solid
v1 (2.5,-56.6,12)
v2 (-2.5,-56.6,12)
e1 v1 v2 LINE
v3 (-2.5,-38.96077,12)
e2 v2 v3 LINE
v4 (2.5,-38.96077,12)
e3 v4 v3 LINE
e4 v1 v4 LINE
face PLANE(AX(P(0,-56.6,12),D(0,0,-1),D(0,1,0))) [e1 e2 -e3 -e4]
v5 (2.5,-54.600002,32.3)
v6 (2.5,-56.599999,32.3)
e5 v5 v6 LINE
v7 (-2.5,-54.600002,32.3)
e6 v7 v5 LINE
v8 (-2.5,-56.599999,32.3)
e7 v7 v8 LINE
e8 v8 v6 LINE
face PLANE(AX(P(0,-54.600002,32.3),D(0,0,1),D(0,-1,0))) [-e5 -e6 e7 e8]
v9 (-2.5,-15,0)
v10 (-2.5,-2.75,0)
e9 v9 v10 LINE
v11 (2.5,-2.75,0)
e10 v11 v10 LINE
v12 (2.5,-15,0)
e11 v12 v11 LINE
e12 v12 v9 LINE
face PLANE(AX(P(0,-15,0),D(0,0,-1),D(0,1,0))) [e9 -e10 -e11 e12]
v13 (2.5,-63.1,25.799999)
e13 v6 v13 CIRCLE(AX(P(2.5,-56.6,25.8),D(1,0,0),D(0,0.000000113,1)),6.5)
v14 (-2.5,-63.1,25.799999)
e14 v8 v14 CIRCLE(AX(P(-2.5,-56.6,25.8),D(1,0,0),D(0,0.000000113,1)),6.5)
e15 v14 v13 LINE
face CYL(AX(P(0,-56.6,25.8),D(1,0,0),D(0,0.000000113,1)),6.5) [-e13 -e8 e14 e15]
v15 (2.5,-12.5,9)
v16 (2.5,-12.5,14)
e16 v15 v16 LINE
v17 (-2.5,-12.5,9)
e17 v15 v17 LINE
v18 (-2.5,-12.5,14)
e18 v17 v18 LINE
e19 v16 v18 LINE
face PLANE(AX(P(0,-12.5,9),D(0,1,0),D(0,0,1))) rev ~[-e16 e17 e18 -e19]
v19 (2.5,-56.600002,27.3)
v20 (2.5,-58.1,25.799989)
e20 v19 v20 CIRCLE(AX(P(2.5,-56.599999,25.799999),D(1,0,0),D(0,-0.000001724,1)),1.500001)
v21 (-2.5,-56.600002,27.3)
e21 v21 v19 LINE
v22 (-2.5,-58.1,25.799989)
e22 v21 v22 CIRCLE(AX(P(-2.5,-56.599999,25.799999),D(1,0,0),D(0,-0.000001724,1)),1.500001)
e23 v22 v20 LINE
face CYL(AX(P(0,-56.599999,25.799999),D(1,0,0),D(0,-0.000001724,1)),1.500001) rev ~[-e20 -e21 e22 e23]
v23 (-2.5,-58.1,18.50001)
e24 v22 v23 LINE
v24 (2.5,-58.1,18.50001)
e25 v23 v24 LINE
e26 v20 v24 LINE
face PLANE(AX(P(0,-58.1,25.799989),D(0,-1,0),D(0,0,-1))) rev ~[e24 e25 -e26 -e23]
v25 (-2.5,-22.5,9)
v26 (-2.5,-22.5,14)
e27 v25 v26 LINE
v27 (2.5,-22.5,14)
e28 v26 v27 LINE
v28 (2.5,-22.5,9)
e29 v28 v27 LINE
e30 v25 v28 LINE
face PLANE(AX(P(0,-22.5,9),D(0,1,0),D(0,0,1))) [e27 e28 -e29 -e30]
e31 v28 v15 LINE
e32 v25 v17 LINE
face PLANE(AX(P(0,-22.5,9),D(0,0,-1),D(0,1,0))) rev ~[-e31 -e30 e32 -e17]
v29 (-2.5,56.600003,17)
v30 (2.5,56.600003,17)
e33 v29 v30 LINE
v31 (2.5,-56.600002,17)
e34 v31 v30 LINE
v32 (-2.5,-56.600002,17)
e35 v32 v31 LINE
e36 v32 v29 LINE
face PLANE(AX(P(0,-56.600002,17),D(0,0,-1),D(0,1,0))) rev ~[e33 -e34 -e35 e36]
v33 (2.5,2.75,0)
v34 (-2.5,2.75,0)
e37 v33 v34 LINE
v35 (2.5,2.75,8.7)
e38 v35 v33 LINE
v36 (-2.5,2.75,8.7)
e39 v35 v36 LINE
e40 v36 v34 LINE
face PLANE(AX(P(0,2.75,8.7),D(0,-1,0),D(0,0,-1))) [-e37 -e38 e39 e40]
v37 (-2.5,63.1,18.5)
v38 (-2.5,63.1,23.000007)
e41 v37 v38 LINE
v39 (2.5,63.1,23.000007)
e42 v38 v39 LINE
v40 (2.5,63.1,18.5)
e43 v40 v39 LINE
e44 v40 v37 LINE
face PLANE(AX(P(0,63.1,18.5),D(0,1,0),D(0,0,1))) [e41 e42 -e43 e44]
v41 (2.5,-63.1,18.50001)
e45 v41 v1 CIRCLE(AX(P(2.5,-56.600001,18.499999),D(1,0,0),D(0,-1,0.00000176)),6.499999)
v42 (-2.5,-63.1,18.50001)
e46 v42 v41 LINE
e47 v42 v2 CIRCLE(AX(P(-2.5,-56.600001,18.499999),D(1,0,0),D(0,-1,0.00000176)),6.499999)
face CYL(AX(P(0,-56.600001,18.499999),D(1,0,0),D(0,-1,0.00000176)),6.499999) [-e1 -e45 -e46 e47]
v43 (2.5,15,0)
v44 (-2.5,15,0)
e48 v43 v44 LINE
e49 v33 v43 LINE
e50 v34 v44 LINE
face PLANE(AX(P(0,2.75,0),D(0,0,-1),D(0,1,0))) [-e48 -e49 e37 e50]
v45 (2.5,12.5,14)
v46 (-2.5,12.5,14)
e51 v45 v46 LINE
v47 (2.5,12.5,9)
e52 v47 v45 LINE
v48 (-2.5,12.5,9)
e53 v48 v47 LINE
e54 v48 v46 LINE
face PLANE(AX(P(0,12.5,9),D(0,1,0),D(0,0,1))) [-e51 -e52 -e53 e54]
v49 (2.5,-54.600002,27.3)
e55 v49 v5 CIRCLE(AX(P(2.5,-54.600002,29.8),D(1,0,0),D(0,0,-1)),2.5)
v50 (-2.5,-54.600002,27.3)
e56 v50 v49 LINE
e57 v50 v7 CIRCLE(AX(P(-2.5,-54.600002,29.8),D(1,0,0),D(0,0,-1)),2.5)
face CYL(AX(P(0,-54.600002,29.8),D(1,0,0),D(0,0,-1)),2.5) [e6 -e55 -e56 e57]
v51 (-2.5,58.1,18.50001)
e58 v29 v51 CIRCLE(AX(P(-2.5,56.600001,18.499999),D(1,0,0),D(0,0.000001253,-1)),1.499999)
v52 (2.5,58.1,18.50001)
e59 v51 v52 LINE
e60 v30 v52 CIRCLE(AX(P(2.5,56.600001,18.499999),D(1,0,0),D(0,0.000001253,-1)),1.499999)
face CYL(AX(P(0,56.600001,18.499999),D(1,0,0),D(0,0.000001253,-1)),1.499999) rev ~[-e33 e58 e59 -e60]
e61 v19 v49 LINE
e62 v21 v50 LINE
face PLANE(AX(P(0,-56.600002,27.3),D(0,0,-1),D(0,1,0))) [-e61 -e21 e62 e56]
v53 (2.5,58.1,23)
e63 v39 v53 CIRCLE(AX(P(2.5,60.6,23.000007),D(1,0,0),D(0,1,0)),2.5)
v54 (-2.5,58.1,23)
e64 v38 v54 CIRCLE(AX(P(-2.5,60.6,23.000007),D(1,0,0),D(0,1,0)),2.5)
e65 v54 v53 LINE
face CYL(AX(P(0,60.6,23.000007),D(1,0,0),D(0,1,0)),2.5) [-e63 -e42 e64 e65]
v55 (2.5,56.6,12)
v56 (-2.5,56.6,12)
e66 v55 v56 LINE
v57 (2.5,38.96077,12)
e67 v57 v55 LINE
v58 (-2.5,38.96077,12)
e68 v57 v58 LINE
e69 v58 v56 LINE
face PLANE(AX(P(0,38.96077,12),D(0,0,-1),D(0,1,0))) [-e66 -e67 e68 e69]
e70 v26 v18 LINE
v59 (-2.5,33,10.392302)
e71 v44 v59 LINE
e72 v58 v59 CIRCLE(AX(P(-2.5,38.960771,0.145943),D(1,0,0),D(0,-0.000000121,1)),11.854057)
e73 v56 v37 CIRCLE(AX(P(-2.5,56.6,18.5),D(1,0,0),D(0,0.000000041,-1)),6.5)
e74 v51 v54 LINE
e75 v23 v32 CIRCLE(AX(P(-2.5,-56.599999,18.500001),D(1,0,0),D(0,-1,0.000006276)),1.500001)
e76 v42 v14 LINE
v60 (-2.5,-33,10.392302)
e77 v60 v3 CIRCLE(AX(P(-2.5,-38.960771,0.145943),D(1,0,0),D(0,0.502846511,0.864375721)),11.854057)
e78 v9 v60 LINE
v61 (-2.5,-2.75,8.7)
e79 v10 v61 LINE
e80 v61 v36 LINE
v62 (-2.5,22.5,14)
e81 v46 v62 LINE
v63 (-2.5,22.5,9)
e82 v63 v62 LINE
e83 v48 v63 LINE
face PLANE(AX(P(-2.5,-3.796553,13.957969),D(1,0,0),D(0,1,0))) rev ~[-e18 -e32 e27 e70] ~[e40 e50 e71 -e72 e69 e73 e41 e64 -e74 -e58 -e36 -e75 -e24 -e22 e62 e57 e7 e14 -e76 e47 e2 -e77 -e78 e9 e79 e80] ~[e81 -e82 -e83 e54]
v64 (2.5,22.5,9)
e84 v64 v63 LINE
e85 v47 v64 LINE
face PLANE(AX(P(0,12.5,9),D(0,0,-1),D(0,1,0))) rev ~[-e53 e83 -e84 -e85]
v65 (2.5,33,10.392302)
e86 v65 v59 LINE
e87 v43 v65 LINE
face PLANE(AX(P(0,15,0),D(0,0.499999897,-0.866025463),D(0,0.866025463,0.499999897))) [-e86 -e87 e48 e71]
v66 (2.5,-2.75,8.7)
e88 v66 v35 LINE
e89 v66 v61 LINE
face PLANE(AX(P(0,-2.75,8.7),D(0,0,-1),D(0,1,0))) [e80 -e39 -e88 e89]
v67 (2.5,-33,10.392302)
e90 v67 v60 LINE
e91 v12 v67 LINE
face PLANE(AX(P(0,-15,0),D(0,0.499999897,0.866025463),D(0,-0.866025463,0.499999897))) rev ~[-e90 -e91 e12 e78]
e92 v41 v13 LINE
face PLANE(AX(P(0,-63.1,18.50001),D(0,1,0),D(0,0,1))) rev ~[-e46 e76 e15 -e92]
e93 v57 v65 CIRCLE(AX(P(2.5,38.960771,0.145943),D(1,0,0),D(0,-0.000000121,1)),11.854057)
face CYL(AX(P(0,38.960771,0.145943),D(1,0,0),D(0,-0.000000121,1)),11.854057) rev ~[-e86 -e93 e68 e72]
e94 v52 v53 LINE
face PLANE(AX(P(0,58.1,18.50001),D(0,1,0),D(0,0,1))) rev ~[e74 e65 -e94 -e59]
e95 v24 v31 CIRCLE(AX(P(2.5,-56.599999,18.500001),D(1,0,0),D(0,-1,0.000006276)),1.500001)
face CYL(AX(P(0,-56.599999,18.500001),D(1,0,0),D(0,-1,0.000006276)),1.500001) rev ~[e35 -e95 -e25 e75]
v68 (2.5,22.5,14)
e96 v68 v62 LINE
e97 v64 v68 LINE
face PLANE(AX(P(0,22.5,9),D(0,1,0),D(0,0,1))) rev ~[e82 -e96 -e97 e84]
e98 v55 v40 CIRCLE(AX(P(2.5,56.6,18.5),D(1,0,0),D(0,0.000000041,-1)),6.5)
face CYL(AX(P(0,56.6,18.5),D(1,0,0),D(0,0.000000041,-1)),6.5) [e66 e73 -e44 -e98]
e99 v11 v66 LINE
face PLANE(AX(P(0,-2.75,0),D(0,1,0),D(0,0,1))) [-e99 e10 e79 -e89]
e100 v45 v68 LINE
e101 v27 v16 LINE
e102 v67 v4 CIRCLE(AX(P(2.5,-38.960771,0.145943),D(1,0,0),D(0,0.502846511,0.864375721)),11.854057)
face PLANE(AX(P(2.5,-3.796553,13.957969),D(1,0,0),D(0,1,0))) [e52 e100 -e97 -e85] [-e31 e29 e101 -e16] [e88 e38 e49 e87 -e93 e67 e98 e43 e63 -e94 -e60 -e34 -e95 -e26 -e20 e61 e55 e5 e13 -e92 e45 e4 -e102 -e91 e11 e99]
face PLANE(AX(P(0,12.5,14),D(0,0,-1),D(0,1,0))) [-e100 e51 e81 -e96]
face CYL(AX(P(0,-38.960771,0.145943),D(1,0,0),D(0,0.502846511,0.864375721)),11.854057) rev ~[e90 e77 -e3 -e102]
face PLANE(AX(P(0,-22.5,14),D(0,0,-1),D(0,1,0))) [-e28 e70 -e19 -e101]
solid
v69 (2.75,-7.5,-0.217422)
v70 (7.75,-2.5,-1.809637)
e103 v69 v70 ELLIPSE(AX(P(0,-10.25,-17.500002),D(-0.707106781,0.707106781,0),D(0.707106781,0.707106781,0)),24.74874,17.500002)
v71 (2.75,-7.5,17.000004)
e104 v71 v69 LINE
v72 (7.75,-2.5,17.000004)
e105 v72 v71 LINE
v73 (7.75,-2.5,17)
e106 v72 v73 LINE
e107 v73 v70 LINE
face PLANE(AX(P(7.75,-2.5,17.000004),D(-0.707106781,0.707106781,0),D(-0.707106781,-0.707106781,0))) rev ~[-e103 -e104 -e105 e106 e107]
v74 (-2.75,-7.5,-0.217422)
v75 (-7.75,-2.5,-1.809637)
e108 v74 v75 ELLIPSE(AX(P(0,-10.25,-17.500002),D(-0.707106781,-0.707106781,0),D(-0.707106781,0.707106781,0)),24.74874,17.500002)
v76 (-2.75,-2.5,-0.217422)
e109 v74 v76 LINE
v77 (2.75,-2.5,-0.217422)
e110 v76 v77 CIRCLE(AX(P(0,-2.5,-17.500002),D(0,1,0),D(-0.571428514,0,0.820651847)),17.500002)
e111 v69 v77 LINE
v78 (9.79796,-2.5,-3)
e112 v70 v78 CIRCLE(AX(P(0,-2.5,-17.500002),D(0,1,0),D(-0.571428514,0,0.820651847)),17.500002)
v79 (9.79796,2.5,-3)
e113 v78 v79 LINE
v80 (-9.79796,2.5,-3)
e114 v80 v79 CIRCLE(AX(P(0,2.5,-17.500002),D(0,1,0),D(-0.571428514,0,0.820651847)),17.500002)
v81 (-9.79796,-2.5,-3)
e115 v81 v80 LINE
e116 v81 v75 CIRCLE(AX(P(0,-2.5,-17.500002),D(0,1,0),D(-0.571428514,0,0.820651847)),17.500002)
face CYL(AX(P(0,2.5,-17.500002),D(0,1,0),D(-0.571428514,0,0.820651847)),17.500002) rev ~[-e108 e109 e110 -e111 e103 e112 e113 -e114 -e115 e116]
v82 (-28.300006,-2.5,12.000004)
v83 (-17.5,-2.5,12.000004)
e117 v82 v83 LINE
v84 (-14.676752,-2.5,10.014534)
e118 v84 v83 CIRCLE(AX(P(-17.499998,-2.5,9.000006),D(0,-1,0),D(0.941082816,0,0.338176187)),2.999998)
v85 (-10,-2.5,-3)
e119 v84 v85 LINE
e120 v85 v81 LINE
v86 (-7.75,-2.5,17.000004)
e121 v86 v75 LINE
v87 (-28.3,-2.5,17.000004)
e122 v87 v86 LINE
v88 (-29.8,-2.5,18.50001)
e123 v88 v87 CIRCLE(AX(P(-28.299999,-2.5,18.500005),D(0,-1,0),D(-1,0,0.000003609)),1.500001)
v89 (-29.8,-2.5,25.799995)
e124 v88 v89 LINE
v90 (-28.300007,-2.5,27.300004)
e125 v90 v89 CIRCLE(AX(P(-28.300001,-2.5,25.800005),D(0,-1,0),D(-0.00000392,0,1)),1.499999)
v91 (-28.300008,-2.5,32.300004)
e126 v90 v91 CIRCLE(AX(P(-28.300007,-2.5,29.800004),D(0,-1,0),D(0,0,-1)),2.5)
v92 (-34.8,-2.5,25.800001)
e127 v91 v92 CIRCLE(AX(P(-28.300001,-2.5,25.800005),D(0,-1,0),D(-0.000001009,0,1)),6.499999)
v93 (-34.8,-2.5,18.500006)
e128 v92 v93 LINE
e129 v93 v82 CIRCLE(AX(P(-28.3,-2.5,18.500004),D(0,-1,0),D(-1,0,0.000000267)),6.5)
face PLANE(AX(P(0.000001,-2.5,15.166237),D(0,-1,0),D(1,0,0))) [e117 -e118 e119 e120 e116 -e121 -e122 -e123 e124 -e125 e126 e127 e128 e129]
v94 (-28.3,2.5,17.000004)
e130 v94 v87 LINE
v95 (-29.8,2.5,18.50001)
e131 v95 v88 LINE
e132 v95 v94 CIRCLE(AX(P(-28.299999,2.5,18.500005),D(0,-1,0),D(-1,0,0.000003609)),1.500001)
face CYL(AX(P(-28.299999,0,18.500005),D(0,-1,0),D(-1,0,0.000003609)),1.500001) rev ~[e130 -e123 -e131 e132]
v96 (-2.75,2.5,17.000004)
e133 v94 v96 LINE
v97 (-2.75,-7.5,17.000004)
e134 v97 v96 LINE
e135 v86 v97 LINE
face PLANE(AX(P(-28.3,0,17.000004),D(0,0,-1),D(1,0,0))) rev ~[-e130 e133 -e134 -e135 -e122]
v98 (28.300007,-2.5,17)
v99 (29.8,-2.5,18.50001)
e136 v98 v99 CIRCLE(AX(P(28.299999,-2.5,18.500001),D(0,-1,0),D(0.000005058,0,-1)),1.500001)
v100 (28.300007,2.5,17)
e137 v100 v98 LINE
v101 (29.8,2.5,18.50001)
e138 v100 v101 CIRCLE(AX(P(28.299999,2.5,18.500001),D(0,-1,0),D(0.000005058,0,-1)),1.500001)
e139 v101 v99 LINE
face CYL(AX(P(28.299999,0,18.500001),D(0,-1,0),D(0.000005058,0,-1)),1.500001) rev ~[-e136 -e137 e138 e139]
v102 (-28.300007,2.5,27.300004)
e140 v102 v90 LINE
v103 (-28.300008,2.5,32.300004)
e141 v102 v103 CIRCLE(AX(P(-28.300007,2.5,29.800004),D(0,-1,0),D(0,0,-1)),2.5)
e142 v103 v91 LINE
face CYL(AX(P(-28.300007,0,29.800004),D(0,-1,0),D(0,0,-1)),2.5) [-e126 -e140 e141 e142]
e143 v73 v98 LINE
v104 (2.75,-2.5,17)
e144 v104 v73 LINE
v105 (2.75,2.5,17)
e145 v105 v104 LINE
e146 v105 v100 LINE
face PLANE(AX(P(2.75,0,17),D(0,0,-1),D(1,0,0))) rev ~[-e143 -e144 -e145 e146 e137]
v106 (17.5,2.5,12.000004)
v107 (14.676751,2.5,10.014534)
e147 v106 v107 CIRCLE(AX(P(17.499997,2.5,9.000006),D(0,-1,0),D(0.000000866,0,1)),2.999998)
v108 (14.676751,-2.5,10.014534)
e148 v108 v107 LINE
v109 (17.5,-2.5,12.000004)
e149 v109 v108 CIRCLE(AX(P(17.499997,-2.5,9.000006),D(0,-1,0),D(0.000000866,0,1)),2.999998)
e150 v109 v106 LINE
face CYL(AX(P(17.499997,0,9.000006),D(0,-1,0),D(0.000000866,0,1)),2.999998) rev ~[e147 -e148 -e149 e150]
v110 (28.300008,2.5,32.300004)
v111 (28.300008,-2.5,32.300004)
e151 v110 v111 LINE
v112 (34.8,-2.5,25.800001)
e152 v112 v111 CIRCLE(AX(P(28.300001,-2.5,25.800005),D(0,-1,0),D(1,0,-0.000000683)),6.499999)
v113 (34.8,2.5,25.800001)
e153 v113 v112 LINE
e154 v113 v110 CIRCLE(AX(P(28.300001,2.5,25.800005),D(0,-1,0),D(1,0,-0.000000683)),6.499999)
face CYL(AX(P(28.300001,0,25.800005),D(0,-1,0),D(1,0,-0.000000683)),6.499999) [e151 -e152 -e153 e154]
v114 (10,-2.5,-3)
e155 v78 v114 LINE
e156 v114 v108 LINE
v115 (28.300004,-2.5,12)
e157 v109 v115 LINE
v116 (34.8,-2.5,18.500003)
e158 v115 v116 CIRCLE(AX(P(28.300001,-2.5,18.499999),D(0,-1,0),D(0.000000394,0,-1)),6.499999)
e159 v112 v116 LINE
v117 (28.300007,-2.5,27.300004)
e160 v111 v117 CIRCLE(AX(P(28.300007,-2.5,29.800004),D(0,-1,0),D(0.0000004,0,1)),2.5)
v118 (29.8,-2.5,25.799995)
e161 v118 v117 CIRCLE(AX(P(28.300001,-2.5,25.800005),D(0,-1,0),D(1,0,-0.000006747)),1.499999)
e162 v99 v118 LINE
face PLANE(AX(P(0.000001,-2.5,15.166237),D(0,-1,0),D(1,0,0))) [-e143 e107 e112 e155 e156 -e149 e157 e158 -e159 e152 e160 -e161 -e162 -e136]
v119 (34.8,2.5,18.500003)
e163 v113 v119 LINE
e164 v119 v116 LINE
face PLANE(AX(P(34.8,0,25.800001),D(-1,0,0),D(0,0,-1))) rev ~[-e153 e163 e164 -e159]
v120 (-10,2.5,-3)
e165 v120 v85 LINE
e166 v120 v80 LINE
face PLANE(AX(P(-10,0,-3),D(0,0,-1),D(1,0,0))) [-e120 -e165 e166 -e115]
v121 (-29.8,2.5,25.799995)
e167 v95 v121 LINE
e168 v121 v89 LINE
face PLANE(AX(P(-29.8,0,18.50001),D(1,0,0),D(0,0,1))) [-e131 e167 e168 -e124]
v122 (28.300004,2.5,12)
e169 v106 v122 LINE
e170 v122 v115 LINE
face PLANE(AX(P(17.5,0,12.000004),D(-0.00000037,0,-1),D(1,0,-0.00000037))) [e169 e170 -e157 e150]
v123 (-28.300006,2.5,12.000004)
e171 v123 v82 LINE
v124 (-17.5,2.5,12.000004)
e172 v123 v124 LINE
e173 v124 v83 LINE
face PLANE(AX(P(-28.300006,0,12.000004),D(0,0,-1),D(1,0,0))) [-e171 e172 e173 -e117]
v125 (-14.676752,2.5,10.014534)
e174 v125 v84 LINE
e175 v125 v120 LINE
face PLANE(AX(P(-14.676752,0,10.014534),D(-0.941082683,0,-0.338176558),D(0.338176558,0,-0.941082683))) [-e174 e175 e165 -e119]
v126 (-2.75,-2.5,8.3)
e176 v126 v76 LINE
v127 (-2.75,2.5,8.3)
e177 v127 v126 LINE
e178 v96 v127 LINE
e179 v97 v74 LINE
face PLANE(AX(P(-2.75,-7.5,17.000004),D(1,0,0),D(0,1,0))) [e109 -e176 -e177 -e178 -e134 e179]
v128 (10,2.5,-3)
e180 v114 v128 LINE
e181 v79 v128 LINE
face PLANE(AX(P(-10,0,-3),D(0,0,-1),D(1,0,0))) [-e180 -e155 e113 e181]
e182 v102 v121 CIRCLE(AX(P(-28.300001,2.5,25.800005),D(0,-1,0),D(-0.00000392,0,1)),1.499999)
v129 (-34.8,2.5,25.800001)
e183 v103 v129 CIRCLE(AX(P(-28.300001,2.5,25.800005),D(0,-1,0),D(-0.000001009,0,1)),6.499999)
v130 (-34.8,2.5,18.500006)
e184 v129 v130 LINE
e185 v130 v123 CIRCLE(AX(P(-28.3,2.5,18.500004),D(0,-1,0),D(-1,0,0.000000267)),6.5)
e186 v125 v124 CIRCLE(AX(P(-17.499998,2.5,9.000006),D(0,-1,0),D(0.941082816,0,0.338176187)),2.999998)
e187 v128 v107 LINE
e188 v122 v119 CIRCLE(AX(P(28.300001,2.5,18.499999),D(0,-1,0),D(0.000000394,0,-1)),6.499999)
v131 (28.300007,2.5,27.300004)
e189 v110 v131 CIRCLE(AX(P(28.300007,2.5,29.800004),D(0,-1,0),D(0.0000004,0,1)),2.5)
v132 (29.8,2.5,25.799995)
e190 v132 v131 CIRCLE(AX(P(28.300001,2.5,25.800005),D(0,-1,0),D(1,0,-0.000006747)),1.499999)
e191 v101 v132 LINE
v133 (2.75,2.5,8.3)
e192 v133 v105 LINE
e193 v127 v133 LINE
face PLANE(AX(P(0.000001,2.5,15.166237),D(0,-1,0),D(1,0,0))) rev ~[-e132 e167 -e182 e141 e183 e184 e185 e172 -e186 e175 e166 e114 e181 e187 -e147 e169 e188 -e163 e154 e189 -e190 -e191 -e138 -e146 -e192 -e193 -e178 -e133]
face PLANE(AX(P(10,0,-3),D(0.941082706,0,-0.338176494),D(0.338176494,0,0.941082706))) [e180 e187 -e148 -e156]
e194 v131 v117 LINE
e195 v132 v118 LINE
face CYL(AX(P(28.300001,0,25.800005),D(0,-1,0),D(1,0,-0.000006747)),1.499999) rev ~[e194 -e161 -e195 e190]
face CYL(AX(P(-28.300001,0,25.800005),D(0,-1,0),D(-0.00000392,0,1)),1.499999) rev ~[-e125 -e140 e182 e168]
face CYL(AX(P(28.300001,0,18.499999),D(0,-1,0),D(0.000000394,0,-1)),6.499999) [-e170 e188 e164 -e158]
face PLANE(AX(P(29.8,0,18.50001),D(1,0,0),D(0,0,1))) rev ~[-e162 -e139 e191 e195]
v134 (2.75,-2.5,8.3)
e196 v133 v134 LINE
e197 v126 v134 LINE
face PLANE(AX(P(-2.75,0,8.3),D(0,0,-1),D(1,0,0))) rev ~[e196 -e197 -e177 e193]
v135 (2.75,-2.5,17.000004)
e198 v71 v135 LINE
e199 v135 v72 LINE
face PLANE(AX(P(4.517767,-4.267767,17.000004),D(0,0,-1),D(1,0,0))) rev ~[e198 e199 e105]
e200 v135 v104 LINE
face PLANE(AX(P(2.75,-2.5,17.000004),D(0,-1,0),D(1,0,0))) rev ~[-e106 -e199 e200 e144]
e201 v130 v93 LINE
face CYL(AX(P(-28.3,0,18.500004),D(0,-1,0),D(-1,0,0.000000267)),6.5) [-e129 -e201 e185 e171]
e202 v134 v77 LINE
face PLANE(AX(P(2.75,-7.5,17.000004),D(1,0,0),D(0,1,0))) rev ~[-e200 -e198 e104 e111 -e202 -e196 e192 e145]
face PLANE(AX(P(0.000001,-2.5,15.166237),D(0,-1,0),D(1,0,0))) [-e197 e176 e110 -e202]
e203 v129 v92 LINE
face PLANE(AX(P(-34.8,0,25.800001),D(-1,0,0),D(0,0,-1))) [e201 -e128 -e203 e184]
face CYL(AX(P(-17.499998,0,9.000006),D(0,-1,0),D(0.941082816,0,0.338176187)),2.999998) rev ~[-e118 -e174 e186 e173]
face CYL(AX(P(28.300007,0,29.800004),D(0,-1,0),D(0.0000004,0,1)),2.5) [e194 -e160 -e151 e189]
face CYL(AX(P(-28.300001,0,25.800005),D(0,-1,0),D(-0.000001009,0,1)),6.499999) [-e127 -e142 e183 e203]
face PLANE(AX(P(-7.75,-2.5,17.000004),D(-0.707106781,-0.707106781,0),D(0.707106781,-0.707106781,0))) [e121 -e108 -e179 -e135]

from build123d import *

# Parameters (mm, degrees)
SKETCH_W     = 10
SKETCH_H     = 5
PAD_DEPTH    = 2.5
PAD001_DEPTH = 2.5
PAD002_DEPTH = 20
POCKET_DEPTH = 10


with BuildPart() as vertical:
    # Sketch → Pad (new body, symmetric)
    with BuildSketch(Plane.YZ):
        with BuildLine():
            Line((63.1, 18.5), (63.1, 23.000007))
            ThreePointArc((63.1, 23.000007), (60.599997, 25.500007), (58.1, 23))
            Line((58.1, 18.50001), (58.1, 23))
            ThreePointArc((56.600003, 17), (57.660665, 17.439344), (58.1, 18.50001))
            Line((-56.600002, 17), (56.600003, 17))
            ThreePointArc((-58.1, 18.50001), (-57.660664, 17.439344), (-56.600002, 17))
            Line((-58.1, 25.799989), (-58.1, 18.50001))
            ThreePointArc((-56.600002, 27.3), (-57.660665, 26.860655), (-58.1, 25.799989))
            Line((-56.600002, 27.3), (-54.600002, 27.3))
            ThreePointArc((-54.600002, 27.3), (-52.100002, 29.8), (-54.600002, 32.3))
            Line((-54.600002, 32.3), (-56.599999, 32.3))
            ThreePointArc((-56.599999, 32.3), (-61.196194, 30.396194), (-63.1, 25.799999))
            Line((-63.1, 18.50001), (-63.1, 25.799999))
            ThreePointArc((-63.1, 18.50001), (-61.196198, 13.903809), (-56.6, 12))
            Line((-56.6, 12), (-38.96077, 12))
            ThreePointArc((-33, 10.392302), (-35.873883, 11.59102), (-38.96077, 12))
            Line((-15, 0), (-33, 10.392302))
            Line((-15, 0), (-2.75, 0))
            Line((-2.75, 0), (-2.75, 8.7))
            Line((-2.75, 8.7), (2.75, 8.7))
            Line((2.75, 8.7), (2.75, 0))
            Line((2.75, 0), (15, 0))
            Line((15, 0), (33, 10.392302))
            ThreePointArc((38.96077, 12), (35.873883, 11.59102), (33, 10.392302))
            Line((38.96077, 12), (56.6, 12))
            ThreePointArc((56.6, 12), (61.196194, 13.903806), (63.1, 18.5))
        make_face()
        with Locations((-17.5, 11.5)):
            Rectangle(SKETCH_W, SKETCH_H, mode=Mode.SUBTRACT)
        with Locations((17.5, 11.5)):
            Rectangle(SKETCH_W, SKETCH_H, mode=Mode.SUBTRACT)
    extrude(amount=PAD_DEPTH, both=True)


with BuildPart() as fusion:
    # Sketch001 → Pad001 (new body, symmetric)
    with BuildSketch(Plane.XZ):
        with BuildLine():
            Line((17.5, 12.000004), (28.300004, 12))
            ThreePointArc((28.300004, 12), (32.896197, 13.903808), (34.8, 18.500003))
            Line((34.8, 25.800001), (34.8, 18.500003))
            ThreePointArc((34.8, 25.800001), (32.896198, 30.396195), (28.300008, 32.300004))
            ThreePointArc((28.300008, 32.300004), (25.800007, 29.800005), (28.300007, 27.300004))
            ThreePointArc((29.8, 25.799995), (29.360666, 26.860659), (28.300007, 27.300004))
            Line((29.8, 18.50001), (29.8, 25.799995))
            ThreePointArc((28.300007, 17), (29.360666, 17.439346), (29.8, 18.50001))
            Line((2.75, 17), (28.300007, 17))
            Line((2.75, 8.3), (2.75, 17))
            Line((-2.75, 8.3), (2.75, 8.3))
            Line((-2.75, 17.000004), (-2.75, 8.3))
            Line((-28.3, 17.000004), (-2.75, 17.000004))
            ThreePointArc((-29.8, 18.50001), (-29.360662, 17.439346), (-28.3, 17.000004))
            Line((-29.8, 18.50001), (-29.8, 25.799995))
            ThreePointArc((-28.300007, 27.300004), (-29.360666, 26.860659), (-29.8, 25.799995))
            ThreePointArc((-28.300007, 27.300004), (-25.800007, 29.800005), (-28.300008, 32.300004))
            ThreePointArc((-28.300008, 32.300004), (-32.896198, 30.396195), (-34.8, 25.800001))
            Line((-34.8, 25.800001), (-34.8, 18.500006))
            ThreePointArc((-34.8, 18.500006), (-32.896197, 13.903813), (-28.300006, 12.000004))
            Line((-28.300006, 12.000004), (-17.5, 12.000004))
            ThreePointArc((-14.676752, 10.014534), (-15.774252, 11.453939), (-17.5, 12.000004))
            Line((-14.676752, 10.014534), (-10, -3))
            Line((-10, -3), (10, -3))
            Line((10, -3), (14.676751, 10.014534))
            ThreePointArc((17.5, 12.000004), (15.774251, 11.453939), (14.676751, 10.014534))
        make_face()
    extrude(amount=PAD001_DEPTH, both=True)

    # Sketch002 → Pad002 (new body)
    with BuildSketch(Plane(origin=(0, 0, 17.000004), x_dir=(-1, 0, 0), z_dir=(0, 0, 1))):
        Polygon((-7.75, 2.5), (-2.75, 7.5), (-2.75, 2.5), align=None)
        Polygon((2.75, 7.5), (2.75, 2.5), (7.75, 2.5), align=None)
    extrude(amount=-PAD002_DEPTH)

    # Sketch003 → Pocket (cut)
    with BuildSketch(Plane(origin=(0, 2.5, 0), x_dir=(1, 0, 0), z_dir=(0, 1, 0))):
        with BuildLine():
            ThreePointArc((-10, 3.138593), (0, 0), (10, 3.138593))
            Line((-10, 3.138593), (10, 3.138593))
        make_face()
    extrude(amount=-POCKET_DEPTH, mode=Mode.SUBTRACT)

    # Fusion: union Vertical
    add(vertical.part)


solid = fusion.part
